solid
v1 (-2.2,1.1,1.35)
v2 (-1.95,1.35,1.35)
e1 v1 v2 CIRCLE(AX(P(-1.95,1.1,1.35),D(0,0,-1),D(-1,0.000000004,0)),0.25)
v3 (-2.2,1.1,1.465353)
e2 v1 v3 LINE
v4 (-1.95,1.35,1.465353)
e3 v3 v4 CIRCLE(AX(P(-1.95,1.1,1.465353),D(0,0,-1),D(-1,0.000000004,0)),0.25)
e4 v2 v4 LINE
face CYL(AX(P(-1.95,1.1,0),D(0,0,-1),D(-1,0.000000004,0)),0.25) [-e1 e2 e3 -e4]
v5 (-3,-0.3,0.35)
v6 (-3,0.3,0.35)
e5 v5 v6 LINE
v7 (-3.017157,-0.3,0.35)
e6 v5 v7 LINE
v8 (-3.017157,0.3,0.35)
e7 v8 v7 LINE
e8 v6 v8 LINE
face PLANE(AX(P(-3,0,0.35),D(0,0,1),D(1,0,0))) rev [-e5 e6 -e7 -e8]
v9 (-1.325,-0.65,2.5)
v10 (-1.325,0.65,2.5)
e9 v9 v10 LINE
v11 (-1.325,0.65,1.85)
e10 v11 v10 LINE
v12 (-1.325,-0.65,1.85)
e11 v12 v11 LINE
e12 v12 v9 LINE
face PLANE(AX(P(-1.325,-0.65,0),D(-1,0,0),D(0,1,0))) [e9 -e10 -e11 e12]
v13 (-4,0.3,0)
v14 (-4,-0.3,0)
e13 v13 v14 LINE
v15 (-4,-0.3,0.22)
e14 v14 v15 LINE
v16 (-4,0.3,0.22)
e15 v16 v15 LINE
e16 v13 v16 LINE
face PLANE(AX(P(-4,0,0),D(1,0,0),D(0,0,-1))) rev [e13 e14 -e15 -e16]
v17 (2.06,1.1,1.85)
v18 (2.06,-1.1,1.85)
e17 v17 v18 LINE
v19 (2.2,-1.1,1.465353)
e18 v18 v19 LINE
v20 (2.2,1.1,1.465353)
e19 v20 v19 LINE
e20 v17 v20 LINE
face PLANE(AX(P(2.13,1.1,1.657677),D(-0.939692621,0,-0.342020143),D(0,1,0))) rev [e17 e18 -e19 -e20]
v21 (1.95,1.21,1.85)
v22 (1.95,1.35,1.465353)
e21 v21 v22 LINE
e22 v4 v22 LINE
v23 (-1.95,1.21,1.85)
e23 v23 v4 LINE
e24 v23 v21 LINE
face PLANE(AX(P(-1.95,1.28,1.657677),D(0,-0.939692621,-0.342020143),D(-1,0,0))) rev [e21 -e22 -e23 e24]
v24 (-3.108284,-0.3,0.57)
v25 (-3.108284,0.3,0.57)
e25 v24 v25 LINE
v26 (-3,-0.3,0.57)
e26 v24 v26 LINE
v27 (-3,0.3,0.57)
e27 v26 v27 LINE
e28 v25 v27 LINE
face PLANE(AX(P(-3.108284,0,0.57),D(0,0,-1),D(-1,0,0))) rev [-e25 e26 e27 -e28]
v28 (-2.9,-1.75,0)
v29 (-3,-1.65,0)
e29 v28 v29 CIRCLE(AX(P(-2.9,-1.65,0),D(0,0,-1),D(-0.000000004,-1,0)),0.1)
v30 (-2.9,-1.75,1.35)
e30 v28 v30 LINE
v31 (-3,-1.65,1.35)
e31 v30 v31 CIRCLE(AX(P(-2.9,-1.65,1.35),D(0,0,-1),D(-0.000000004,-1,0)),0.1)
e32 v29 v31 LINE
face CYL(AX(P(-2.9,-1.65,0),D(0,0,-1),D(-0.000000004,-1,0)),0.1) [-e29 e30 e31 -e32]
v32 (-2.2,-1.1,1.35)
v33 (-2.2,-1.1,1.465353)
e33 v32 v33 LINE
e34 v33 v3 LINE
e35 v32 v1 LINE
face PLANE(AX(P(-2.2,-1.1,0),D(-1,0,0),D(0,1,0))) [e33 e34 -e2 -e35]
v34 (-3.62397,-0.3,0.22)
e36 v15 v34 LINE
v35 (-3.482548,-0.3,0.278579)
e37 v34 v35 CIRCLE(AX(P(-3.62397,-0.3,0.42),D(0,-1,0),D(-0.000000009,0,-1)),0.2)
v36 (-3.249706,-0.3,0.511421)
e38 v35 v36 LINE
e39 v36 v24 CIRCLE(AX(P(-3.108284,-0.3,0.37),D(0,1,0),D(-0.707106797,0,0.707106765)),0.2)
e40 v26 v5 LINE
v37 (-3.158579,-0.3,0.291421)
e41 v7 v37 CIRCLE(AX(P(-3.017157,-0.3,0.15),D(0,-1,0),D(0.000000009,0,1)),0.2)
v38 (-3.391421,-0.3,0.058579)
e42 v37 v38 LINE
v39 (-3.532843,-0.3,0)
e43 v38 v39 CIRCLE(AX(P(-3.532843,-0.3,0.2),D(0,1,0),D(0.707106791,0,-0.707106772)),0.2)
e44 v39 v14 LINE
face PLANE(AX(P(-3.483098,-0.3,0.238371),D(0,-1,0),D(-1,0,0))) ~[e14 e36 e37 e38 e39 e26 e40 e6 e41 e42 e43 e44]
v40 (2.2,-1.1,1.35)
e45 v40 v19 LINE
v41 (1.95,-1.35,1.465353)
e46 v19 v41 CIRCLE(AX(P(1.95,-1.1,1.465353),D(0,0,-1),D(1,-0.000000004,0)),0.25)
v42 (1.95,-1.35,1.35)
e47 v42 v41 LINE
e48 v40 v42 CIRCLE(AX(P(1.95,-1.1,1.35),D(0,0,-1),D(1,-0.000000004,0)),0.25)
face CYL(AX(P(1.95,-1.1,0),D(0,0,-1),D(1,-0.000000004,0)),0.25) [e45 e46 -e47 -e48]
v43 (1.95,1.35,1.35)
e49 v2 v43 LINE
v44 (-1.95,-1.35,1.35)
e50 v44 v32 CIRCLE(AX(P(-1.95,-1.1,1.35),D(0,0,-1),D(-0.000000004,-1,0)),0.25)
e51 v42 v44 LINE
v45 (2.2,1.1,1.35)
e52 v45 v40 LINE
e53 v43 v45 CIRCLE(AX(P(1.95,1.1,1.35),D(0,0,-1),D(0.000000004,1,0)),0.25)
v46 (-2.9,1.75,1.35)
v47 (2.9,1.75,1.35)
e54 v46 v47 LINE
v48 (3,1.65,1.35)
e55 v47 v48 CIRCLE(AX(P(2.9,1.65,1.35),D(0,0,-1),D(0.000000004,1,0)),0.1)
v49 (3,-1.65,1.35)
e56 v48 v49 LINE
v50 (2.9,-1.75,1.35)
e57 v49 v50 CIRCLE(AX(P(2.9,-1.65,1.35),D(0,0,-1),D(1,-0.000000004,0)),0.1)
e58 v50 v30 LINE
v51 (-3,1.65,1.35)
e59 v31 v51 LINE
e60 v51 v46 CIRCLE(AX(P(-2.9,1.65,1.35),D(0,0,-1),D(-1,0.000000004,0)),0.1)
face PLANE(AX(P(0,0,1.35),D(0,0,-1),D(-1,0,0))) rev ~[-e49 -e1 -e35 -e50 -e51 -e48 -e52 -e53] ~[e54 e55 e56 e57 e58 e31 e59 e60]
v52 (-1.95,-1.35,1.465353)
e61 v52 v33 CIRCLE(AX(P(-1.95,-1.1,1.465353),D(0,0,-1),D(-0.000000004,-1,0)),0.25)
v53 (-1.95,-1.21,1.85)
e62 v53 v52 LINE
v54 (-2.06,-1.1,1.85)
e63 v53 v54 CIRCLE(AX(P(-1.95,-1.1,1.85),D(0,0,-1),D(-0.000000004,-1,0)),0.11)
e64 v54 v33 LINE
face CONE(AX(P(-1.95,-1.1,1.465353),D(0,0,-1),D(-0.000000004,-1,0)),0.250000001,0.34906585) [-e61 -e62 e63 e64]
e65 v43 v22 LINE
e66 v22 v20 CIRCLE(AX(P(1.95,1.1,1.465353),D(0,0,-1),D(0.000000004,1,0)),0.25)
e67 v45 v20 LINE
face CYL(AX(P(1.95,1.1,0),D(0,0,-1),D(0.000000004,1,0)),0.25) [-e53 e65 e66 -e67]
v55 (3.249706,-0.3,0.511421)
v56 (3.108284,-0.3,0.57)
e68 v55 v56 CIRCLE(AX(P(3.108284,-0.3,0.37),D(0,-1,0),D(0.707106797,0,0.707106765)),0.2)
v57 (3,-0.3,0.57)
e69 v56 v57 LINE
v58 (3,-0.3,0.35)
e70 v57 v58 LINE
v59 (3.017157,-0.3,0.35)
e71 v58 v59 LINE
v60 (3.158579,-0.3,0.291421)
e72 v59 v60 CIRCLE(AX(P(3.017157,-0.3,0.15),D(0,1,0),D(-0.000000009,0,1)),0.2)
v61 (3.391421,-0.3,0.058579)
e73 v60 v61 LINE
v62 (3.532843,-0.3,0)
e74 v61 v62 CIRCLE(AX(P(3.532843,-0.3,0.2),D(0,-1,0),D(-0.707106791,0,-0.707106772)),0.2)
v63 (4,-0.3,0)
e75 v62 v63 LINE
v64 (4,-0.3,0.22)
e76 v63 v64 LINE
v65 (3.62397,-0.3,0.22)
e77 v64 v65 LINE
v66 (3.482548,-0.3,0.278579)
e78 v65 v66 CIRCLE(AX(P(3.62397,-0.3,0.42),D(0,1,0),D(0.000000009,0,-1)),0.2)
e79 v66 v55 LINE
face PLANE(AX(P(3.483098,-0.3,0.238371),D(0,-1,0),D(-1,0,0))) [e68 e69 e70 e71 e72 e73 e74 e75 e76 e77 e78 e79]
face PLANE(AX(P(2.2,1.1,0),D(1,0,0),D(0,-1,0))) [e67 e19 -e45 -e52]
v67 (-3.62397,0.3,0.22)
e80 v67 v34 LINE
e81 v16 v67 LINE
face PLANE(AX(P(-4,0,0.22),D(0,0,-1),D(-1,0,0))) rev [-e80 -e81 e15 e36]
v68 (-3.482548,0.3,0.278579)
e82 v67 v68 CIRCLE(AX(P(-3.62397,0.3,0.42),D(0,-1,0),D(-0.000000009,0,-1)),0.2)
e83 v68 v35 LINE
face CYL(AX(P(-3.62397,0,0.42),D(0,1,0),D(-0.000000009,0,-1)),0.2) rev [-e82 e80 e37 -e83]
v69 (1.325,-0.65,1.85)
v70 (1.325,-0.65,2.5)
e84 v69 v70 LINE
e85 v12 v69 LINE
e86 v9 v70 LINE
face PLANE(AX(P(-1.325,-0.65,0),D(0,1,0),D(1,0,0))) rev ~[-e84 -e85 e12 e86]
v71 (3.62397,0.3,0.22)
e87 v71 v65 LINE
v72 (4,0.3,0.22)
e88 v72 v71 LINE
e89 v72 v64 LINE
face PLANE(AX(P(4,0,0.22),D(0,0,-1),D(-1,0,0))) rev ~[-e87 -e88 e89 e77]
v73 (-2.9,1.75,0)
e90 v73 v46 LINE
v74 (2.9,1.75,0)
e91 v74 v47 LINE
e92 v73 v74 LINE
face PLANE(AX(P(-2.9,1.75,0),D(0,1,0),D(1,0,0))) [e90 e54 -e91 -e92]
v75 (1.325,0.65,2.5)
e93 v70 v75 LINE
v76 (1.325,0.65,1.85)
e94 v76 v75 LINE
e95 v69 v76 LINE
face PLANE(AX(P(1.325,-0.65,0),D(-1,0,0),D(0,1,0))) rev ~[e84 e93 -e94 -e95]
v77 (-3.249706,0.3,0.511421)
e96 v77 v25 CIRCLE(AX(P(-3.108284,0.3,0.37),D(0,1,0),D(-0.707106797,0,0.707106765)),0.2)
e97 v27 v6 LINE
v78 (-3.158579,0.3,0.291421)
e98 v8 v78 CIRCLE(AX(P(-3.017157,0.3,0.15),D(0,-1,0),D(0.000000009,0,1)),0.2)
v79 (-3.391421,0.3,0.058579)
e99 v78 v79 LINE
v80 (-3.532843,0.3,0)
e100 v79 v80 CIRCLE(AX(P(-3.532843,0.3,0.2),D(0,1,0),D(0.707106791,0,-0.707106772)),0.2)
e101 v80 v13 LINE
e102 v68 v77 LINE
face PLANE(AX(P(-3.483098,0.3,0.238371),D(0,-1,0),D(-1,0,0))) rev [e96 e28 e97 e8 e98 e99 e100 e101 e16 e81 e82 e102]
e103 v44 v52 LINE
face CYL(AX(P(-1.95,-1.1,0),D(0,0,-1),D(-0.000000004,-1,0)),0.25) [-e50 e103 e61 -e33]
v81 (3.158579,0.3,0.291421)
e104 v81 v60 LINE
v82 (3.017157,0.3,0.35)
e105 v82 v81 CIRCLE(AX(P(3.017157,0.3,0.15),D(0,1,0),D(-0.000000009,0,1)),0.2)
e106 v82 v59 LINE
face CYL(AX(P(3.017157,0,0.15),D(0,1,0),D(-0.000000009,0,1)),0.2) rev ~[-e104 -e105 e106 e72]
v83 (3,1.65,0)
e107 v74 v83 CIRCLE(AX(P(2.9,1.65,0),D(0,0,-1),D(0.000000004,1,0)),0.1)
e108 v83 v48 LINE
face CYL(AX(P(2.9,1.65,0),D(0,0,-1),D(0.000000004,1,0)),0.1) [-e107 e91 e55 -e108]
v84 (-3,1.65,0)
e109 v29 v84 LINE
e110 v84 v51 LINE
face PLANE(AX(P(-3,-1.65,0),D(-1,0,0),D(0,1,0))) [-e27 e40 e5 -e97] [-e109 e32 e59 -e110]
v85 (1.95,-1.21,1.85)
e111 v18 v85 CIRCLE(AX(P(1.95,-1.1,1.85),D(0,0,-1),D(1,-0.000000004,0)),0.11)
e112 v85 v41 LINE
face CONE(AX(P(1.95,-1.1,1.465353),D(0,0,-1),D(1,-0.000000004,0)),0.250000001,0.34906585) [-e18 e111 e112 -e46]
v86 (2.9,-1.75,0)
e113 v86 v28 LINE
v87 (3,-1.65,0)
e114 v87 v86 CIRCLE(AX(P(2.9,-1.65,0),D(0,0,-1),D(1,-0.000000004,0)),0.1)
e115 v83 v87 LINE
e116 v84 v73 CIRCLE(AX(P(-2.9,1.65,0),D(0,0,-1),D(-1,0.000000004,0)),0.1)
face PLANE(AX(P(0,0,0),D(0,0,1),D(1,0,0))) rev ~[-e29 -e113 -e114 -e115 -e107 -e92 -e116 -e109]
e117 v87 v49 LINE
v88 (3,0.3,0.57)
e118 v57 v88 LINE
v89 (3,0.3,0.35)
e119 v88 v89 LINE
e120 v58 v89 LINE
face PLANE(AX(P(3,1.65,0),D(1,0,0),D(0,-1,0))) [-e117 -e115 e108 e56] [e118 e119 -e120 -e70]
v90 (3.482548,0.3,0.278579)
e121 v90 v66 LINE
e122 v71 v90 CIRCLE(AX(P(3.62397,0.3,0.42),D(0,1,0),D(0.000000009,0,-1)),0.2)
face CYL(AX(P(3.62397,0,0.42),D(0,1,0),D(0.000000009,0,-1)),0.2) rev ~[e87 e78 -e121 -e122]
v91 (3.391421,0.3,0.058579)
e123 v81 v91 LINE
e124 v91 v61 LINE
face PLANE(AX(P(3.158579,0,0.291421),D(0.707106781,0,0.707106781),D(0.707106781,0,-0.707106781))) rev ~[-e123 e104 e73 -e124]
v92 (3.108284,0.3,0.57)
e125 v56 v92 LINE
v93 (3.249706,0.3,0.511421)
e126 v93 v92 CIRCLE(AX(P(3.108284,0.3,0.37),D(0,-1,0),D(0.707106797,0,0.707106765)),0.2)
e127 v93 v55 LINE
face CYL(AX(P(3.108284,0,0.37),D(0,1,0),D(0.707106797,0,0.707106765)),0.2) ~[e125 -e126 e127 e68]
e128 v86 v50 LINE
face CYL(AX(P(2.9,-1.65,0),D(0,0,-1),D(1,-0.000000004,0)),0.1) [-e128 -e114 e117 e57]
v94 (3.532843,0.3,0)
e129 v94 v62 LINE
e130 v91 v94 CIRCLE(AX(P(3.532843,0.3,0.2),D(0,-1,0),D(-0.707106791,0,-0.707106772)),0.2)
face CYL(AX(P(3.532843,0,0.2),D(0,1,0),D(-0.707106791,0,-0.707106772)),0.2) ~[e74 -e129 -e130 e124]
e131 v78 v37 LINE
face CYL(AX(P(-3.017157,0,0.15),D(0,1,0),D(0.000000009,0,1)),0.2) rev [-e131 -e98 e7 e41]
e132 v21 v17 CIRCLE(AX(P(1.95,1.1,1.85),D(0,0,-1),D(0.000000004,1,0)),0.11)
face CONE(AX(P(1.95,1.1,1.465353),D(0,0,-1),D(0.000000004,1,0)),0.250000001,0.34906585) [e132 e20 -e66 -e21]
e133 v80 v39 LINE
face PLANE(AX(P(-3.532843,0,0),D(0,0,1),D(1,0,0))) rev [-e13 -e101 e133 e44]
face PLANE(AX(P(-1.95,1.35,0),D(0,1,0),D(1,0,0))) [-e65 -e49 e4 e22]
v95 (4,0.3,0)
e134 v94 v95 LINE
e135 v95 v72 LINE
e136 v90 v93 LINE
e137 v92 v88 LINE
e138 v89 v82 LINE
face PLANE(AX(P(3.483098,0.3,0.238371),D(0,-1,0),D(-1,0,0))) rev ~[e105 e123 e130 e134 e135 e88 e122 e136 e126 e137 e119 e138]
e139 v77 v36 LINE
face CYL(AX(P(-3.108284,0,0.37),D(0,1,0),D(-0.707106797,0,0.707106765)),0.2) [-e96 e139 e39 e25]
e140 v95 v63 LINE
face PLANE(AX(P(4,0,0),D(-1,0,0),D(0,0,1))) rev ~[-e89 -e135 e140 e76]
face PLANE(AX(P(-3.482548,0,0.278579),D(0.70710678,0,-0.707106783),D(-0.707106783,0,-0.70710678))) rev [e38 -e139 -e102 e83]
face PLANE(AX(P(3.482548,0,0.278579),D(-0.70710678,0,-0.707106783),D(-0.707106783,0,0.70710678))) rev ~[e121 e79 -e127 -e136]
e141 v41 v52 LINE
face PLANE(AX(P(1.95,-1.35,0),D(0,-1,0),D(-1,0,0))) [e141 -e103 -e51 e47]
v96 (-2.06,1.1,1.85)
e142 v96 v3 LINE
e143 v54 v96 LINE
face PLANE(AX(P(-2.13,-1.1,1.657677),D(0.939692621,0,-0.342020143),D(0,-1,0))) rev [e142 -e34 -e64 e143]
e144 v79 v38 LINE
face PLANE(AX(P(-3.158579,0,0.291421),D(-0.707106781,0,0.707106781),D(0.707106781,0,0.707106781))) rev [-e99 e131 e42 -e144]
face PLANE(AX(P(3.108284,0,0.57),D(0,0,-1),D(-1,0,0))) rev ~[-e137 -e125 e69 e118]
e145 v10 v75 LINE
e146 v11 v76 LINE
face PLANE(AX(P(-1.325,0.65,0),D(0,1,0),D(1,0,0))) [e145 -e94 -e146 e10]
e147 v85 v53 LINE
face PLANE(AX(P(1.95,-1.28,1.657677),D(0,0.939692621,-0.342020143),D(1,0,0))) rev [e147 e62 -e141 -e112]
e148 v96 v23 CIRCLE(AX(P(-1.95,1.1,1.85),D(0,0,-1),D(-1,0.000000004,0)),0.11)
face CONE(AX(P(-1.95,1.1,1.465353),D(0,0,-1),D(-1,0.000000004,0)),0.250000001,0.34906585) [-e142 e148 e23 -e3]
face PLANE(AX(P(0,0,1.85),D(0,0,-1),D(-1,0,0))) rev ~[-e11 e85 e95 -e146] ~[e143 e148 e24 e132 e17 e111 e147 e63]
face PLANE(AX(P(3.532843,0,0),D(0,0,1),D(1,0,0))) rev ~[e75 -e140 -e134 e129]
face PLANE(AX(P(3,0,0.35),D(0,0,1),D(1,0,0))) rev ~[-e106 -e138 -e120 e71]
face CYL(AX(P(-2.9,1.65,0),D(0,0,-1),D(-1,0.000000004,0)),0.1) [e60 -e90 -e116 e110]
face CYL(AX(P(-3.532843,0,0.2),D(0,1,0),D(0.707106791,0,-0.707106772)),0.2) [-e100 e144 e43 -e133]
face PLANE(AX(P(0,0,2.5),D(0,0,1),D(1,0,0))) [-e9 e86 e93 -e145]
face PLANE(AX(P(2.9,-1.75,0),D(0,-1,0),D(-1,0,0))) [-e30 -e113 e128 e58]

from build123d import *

# Parameters (mm, degrees)
BOSS_EXTRUDE1_DEPTH = 1.35
BOSS_EXTRUDE2_DEPTH = 1.85
SKETCH1_4_W         = 2.65
SKETCH1_4_H         = 1.3
BOSS_EXTRUDE3_DEPTH = 2.5
CHAMFER1_SIZE       = 0.14
CHAMFER1_SIZE2      = 0.384646839
BOSS_EXTRUDE4_DEPTH = 0.3


with BuildPart() as part:
    # Sketch1 → Boss-Extrude1 (new body)
    with BuildSketch(Plane.XY):
        with BuildLine():
            Line((-2.9, 1.75), (2.9, 1.75))
            ThreePointArc((2.9, 1.75), (2.970710678, 1.720710678), (3, 1.65))
            Line((3, 1.65), (3, -1.65))
            ThreePointArc((3, -1.65), (2.970710678, -1.720710678), (2.9, -1.75))
            Line((2.9, -1.75), (-2.9, -1.75))
            ThreePointArc((-2.9, -1.75), (-2.970710678, -1.720710678), (-3, -1.65))
            Line((-3, -1.65), (-3, 1.65))
            ThreePointArc((-3, 1.65), (-2.970710678, 1.720710678), (-2.9, 1.75))
        make_face()
    extrude(amount=BOSS_EXTRUDE1_DEPTH)

    # Sketch1<3> → Boss-Extrude2 (add)
    with BuildSketch(Plane.XY):
        with BuildLine():
            Line((-1.95, 1.35), (1.95, 1.35))
            ThreePointArc((1.95, 1.35), (2.126776695, 1.276776695), (2.2, 1.1))
            Line((2.2, 1.1), (2.2, -1.1))
            ThreePointArc((2.2, -1.1), (2.126776695, -1.276776695), (1.95, -1.35))
            Line((1.95, -1.35), (-1.95, -1.35))
            ThreePointArc((-1.95, -1.35), (-2.126776695, -1.276776695), (-2.2, -1.1))
            Line((-2.2, -1.1), (-2.2, 1.1))
            ThreePointArc((-2.2, 1.1), (-2.126776695, 1.276776695), (-1.95, 1.35))
        make_face()
    extrude(amount=BOSS_EXTRUDE2_DEPTH)

    # Sketch1<4> → Boss-Extrude3 (add)
    with BuildSketch(Plane.XY):
        Rectangle(SKETCH1_4_W, SKETCH1_4_H)
    extrude(amount=BOSS_EXTRUDE3_DEPTH)

    # Chamfer1
    chamfer1_edges = [part.edges().sort_by_distance(p)[0] for p in [
        (0, -1.35, 1.85),
        (-2.126776695, -1.276776695, 1.85),
        (-2.2, 0, 1.85),
        (-2.126776695, 1.276776695, 1.85),
        (2.2, 0, 1.85),
        (2.126776695, 1.276776695, 1.85),
        (0, 1.35, 1.85),
    ]]
    chamfer1_side = [part.faces().sort_by_distance(p)[0] for p in [
        (0, 1.298376362, 1.85),
    ]]
    chamfer(chamfer1_edges, length=CHAMFER1_SIZE, length2=CHAMFER1_SIZE2, reference=chamfer1_side[0])

    # Sketch2 → Boss-Extrude4 (add, symmetric)
    with BuildSketch(Plane(origin=(0, 0, 0), x_dir=(1, 0, 0), z_dir=(0, 1, 0))):
        with BuildLine():
            Line((3, -0.35), (3.017157288, -0.35))
            ThreePointArc((3.017157288, -0.35), (3.093693974, -0.334775907), (3.158578644, -0.291421356))
            Line((3.158578644, -0.291421356), (3.391421356, -0.058578644))
            ThreePointArc((3.391421356, -0.058578644), (3.456306026, -0.015224093), (3.532842712, 0))
            Line((3.532842712, 0), (4, 0))
            Line((4, 0), (4, -0.22))
            Line((4, -0.22), (3.623969696, -0.22))
            ThreePointArc((3.623969696, -0.22), (3.54743301, -0.235224093), (3.48254834, -0.278578644))
            Line((3.48254834, -0.278578644), (3.249705627, -0.511421356))
            ThreePointArc((3.249705627, -0.511421356), (3.184820958, -0.554775907), (3.108284271, -0.57))
            Line((3.108284271, -0.57), (3, -0.57))
            Line((3, -0.57), (3, -0.35))
        make_face()
    boss_extrude4 = extrude(amount=BOSS_EXTRUDE4_DEPTH, both=True)

    # Mirror1: Boss-Extrude4 across plane
    add(boss_extrude4.mirror(Plane(origin=(0, 0, 0), x_dir=(0, 0, 1), z_dir=(1, 0, 0))))


solid = part.part
